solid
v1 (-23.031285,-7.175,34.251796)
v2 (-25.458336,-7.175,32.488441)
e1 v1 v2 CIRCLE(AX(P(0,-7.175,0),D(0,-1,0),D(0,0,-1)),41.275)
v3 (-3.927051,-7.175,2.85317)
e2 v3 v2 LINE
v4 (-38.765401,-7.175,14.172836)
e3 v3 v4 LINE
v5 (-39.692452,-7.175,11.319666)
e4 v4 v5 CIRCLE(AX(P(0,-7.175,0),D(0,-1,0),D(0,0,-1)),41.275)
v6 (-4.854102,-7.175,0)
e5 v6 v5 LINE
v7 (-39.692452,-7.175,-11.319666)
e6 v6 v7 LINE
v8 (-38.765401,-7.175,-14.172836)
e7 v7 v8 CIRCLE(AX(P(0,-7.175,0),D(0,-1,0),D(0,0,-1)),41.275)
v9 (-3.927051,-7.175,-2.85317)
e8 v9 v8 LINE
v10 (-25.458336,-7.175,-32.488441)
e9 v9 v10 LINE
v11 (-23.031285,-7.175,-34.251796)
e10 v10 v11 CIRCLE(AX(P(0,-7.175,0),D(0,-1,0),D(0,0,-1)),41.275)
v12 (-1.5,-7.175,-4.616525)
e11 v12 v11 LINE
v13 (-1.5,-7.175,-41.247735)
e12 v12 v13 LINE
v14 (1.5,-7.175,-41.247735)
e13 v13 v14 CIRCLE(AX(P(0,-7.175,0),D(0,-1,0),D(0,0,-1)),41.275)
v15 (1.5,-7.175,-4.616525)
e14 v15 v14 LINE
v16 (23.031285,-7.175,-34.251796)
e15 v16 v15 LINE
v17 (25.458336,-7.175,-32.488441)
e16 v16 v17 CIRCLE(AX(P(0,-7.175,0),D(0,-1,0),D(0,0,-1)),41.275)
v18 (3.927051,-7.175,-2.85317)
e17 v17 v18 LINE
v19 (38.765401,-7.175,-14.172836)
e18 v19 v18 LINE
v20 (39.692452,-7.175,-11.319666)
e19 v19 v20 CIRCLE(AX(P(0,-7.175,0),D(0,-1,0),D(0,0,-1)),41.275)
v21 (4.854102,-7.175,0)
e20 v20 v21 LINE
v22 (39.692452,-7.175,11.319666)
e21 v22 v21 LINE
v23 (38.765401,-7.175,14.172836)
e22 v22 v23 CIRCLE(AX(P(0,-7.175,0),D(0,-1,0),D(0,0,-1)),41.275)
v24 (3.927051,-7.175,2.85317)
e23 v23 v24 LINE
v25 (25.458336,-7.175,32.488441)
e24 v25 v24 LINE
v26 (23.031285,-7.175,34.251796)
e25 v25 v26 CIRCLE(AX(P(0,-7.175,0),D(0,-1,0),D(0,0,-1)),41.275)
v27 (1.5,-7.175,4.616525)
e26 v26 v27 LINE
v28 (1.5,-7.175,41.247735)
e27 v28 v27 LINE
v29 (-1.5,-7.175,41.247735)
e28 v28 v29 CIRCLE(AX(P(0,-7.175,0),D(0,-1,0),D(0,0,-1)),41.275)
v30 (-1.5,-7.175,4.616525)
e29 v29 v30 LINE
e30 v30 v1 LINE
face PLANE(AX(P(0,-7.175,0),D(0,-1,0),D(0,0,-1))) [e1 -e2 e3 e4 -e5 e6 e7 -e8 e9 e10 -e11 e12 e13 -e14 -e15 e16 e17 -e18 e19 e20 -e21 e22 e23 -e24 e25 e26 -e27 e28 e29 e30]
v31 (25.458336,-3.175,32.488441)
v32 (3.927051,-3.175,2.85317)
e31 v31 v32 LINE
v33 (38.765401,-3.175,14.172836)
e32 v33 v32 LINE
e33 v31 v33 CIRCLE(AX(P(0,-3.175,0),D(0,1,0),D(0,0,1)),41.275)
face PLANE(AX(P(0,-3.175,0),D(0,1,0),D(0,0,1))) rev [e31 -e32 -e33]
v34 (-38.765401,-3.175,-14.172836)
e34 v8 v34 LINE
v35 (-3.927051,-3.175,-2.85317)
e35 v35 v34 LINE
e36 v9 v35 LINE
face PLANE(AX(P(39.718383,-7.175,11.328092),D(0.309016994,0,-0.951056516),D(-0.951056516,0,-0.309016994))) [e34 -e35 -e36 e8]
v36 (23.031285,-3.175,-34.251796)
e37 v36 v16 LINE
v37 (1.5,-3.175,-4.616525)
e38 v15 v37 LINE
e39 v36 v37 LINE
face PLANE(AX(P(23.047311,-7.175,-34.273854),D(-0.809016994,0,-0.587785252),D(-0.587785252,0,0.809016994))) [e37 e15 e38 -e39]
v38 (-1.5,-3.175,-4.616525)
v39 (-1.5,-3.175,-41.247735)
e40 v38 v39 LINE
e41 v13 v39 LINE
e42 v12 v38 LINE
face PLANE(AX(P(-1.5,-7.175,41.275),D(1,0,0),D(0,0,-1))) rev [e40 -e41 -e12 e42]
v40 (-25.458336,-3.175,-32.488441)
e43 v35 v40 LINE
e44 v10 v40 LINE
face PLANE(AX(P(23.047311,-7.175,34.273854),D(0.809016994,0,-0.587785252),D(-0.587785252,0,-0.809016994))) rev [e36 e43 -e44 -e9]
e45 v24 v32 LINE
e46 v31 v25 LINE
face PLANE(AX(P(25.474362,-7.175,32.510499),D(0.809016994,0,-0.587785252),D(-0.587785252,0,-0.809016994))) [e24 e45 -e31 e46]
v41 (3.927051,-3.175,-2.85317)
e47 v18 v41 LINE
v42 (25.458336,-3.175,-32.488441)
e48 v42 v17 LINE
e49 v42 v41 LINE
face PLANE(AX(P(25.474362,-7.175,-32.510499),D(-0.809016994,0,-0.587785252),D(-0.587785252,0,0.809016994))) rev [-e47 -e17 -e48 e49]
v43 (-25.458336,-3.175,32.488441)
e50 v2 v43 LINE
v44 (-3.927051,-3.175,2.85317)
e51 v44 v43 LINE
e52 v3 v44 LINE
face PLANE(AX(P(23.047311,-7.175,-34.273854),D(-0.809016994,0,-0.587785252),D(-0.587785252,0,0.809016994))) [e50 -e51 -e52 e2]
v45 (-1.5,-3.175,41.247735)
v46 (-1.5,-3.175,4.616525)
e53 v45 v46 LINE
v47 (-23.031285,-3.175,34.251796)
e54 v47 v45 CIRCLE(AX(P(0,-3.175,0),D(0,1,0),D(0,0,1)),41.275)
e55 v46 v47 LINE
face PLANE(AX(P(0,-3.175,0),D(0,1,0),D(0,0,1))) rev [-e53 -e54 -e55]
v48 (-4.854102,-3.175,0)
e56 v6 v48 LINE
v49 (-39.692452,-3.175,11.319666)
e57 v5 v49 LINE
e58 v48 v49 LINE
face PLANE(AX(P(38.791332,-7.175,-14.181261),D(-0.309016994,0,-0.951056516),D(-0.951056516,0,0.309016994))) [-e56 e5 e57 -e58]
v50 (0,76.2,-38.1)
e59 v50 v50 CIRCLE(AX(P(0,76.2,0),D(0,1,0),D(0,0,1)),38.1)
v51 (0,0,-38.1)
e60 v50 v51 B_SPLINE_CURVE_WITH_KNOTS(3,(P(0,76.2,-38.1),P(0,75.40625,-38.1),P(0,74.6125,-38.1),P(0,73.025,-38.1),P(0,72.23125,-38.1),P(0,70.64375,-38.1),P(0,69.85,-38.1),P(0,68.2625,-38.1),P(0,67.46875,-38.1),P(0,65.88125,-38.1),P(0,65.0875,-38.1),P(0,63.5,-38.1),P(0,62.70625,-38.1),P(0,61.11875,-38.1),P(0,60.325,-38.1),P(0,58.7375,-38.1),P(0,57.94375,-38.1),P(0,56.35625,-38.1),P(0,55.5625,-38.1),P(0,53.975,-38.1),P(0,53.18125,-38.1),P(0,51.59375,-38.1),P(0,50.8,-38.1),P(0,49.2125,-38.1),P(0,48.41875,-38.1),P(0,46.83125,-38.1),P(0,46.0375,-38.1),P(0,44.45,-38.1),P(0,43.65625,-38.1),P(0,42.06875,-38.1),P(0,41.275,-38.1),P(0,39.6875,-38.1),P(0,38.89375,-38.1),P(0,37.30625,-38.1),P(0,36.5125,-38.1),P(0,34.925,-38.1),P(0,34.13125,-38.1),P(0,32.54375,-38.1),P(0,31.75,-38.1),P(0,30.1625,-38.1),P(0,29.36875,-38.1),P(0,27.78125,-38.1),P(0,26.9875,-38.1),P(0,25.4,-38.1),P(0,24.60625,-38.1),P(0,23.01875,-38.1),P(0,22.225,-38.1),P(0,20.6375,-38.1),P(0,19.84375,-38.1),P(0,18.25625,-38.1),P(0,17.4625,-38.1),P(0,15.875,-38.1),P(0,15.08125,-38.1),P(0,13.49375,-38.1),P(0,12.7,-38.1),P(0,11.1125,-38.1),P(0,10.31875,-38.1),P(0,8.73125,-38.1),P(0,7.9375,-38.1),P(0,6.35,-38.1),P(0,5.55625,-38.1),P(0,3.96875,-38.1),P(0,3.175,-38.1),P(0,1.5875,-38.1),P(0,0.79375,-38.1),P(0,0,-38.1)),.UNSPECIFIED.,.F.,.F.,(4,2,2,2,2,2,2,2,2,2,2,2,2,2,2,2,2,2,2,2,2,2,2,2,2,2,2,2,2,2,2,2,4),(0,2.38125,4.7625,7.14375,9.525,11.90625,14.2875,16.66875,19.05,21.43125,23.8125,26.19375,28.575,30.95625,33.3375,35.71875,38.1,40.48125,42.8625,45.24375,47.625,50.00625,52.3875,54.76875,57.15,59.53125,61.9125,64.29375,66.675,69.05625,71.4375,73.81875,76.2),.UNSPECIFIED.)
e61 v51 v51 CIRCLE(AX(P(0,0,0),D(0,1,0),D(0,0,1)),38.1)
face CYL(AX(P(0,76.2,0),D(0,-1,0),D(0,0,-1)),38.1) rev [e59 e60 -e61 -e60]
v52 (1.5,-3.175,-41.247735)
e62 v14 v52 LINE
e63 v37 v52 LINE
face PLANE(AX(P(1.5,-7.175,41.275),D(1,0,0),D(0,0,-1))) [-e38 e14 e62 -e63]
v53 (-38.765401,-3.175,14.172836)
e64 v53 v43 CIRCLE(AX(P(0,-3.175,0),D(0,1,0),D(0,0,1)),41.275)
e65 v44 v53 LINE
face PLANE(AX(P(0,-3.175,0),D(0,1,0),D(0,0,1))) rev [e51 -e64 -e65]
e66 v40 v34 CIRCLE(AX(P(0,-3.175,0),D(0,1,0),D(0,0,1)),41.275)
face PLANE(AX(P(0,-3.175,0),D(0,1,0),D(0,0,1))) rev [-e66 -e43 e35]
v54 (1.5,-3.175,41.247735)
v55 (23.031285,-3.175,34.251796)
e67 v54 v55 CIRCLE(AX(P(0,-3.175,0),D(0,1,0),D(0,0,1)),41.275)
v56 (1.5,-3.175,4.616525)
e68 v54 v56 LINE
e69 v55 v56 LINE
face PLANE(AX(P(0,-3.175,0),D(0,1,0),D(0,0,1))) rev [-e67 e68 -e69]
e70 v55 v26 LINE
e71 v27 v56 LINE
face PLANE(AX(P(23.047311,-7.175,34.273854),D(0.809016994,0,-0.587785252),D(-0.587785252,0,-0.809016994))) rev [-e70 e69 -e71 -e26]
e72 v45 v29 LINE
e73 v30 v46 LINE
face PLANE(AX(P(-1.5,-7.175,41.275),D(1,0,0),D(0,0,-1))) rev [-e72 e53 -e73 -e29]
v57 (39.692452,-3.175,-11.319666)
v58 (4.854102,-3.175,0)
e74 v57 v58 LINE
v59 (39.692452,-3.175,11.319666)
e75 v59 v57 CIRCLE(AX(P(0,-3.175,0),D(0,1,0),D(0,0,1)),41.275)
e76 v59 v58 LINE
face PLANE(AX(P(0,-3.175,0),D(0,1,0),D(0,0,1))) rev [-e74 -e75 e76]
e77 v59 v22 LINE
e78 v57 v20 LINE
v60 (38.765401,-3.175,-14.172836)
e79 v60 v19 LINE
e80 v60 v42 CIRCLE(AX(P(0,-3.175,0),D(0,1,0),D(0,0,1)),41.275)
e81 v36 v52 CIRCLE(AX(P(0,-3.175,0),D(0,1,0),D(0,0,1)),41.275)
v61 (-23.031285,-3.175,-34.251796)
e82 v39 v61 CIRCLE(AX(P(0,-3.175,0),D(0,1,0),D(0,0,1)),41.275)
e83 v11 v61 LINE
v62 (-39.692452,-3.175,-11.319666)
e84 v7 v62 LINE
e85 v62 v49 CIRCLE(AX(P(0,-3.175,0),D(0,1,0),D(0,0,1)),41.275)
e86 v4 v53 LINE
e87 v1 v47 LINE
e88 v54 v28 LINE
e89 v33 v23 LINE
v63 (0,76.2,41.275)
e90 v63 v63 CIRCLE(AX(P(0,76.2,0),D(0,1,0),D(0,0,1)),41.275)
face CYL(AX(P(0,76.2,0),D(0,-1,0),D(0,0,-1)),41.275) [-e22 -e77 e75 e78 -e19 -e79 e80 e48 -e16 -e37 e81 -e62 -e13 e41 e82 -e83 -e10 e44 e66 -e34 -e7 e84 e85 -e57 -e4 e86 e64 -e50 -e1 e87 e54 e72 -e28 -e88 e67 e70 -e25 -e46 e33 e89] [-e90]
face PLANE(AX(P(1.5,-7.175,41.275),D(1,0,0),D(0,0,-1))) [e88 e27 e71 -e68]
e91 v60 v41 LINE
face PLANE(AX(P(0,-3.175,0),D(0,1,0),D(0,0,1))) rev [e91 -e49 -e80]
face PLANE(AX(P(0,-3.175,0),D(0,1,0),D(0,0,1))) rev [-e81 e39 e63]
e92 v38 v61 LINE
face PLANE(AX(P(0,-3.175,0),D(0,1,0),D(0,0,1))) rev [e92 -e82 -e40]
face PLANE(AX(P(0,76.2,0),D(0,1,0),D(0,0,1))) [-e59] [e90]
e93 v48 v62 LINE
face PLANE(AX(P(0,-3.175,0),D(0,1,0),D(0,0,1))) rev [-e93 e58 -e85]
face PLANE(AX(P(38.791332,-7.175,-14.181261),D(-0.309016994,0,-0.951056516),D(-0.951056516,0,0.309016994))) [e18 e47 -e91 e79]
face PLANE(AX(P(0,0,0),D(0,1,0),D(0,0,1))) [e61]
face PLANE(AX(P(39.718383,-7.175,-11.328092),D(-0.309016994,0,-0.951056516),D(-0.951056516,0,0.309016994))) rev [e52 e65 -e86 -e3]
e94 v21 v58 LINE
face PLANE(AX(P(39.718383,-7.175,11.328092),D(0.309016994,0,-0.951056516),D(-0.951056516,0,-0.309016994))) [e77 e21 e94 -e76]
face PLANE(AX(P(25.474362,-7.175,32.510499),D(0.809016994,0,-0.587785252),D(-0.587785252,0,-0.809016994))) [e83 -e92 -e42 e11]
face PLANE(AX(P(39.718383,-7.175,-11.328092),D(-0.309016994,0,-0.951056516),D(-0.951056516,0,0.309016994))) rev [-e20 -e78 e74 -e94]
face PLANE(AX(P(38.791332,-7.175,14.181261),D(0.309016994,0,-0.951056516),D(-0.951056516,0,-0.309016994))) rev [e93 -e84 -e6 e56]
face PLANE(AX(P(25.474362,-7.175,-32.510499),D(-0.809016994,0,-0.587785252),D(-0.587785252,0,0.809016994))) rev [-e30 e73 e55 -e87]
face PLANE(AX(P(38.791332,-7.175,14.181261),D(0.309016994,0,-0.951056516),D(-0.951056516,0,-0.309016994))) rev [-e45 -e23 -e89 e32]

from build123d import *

# Parameters (mm, degrees)
SKETCH1_R               = 38.1
BOSS_EXTRUDE1_DEPTH     = 76.2
SHELL2_T                = 3.175
SKETCH2_W               = 3
SKETCH2_H               = 82.55
BOSS_EXTRUDE2_DEPTH     = 4
CUT_EXTRUDE1_DEPTH      = 99.527366122
CUT_EXTRUDE1_DEPTH_BACK = 99.527366122
SKETCH3_R               = 61.906276858
SKETCH3_R_2             = 41.275


with BuildPart() as part:
    # Sketch1 → Boss-Extrude1 (new body)
    with BuildSketch(Plane(origin=(0, 0, 0), x_dir=(1, 0, 0), z_dir=(0, 1, 0))):
        Circle(SKETCH1_R)
    extrude(amount=BOSS_EXTRUDE1_DEPTH)

    # Shell2
    shell2_openings = [part.faces().sort_by_distance(p)[0] for p in [
        (0, 76.2, 0),
    ]]
    offset(amount=SHELL2_T, openings=shell2_openings, kind=Kind.INTERSECTION)

    # Sketch2 → Boss-Extrude2 (add)
    with BuildSketch(Plane(origin=(0, -3.175, 0), x_dir=(-1, 0, 0), z_dir=(0, -1, 0))):
        Rectangle(SKETCH2_W, SKETCH2_H)
        Polygon((-23.047310797, -34.273854321), (25.47436178, 32.510498564), (23.047310797, 34.273854321), (-25.47436178, -32.510498564), align=None)
        Polygon((-38.791332219, -14.181261217), (39.718383202, 11.328091668), (38.791332219, 14.181261217), (-39.718383202, -11.328091668), align=None)
        Polygon((-39.718383202, 11.328091668), (38.791332219, -14.181261217), (39.718383202, -11.328091668), (-38.791332219, 14.181261217), align=None)
        Polygon((-25.47436178, 32.510498564), (23.047310797, -34.273854321), (25.47436178, -32.510498564), (-23.047310797, 34.273854321), align=None)
    extrude(amount=BOSS_EXTRUDE2_DEPTH)

    # Sketch3 → Cut-Extrude1 (cut, two sides: drawn at the far end of the back side and taken through both)
    with BuildSketch(Plane.XZ.offset(3.175).offset(-CUT_EXTRUDE1_DEPTH_BACK)):
        Circle(SKETCH3_R)
        Circle(SKETCH3_R_2, mode=Mode.SUBTRACT)
    extrude(amount=CUT_EXTRUDE1_DEPTH + CUT_EXTRUDE1_DEPTH_BACK, mode=Mode.SUBTRACT)


solid = part.part
